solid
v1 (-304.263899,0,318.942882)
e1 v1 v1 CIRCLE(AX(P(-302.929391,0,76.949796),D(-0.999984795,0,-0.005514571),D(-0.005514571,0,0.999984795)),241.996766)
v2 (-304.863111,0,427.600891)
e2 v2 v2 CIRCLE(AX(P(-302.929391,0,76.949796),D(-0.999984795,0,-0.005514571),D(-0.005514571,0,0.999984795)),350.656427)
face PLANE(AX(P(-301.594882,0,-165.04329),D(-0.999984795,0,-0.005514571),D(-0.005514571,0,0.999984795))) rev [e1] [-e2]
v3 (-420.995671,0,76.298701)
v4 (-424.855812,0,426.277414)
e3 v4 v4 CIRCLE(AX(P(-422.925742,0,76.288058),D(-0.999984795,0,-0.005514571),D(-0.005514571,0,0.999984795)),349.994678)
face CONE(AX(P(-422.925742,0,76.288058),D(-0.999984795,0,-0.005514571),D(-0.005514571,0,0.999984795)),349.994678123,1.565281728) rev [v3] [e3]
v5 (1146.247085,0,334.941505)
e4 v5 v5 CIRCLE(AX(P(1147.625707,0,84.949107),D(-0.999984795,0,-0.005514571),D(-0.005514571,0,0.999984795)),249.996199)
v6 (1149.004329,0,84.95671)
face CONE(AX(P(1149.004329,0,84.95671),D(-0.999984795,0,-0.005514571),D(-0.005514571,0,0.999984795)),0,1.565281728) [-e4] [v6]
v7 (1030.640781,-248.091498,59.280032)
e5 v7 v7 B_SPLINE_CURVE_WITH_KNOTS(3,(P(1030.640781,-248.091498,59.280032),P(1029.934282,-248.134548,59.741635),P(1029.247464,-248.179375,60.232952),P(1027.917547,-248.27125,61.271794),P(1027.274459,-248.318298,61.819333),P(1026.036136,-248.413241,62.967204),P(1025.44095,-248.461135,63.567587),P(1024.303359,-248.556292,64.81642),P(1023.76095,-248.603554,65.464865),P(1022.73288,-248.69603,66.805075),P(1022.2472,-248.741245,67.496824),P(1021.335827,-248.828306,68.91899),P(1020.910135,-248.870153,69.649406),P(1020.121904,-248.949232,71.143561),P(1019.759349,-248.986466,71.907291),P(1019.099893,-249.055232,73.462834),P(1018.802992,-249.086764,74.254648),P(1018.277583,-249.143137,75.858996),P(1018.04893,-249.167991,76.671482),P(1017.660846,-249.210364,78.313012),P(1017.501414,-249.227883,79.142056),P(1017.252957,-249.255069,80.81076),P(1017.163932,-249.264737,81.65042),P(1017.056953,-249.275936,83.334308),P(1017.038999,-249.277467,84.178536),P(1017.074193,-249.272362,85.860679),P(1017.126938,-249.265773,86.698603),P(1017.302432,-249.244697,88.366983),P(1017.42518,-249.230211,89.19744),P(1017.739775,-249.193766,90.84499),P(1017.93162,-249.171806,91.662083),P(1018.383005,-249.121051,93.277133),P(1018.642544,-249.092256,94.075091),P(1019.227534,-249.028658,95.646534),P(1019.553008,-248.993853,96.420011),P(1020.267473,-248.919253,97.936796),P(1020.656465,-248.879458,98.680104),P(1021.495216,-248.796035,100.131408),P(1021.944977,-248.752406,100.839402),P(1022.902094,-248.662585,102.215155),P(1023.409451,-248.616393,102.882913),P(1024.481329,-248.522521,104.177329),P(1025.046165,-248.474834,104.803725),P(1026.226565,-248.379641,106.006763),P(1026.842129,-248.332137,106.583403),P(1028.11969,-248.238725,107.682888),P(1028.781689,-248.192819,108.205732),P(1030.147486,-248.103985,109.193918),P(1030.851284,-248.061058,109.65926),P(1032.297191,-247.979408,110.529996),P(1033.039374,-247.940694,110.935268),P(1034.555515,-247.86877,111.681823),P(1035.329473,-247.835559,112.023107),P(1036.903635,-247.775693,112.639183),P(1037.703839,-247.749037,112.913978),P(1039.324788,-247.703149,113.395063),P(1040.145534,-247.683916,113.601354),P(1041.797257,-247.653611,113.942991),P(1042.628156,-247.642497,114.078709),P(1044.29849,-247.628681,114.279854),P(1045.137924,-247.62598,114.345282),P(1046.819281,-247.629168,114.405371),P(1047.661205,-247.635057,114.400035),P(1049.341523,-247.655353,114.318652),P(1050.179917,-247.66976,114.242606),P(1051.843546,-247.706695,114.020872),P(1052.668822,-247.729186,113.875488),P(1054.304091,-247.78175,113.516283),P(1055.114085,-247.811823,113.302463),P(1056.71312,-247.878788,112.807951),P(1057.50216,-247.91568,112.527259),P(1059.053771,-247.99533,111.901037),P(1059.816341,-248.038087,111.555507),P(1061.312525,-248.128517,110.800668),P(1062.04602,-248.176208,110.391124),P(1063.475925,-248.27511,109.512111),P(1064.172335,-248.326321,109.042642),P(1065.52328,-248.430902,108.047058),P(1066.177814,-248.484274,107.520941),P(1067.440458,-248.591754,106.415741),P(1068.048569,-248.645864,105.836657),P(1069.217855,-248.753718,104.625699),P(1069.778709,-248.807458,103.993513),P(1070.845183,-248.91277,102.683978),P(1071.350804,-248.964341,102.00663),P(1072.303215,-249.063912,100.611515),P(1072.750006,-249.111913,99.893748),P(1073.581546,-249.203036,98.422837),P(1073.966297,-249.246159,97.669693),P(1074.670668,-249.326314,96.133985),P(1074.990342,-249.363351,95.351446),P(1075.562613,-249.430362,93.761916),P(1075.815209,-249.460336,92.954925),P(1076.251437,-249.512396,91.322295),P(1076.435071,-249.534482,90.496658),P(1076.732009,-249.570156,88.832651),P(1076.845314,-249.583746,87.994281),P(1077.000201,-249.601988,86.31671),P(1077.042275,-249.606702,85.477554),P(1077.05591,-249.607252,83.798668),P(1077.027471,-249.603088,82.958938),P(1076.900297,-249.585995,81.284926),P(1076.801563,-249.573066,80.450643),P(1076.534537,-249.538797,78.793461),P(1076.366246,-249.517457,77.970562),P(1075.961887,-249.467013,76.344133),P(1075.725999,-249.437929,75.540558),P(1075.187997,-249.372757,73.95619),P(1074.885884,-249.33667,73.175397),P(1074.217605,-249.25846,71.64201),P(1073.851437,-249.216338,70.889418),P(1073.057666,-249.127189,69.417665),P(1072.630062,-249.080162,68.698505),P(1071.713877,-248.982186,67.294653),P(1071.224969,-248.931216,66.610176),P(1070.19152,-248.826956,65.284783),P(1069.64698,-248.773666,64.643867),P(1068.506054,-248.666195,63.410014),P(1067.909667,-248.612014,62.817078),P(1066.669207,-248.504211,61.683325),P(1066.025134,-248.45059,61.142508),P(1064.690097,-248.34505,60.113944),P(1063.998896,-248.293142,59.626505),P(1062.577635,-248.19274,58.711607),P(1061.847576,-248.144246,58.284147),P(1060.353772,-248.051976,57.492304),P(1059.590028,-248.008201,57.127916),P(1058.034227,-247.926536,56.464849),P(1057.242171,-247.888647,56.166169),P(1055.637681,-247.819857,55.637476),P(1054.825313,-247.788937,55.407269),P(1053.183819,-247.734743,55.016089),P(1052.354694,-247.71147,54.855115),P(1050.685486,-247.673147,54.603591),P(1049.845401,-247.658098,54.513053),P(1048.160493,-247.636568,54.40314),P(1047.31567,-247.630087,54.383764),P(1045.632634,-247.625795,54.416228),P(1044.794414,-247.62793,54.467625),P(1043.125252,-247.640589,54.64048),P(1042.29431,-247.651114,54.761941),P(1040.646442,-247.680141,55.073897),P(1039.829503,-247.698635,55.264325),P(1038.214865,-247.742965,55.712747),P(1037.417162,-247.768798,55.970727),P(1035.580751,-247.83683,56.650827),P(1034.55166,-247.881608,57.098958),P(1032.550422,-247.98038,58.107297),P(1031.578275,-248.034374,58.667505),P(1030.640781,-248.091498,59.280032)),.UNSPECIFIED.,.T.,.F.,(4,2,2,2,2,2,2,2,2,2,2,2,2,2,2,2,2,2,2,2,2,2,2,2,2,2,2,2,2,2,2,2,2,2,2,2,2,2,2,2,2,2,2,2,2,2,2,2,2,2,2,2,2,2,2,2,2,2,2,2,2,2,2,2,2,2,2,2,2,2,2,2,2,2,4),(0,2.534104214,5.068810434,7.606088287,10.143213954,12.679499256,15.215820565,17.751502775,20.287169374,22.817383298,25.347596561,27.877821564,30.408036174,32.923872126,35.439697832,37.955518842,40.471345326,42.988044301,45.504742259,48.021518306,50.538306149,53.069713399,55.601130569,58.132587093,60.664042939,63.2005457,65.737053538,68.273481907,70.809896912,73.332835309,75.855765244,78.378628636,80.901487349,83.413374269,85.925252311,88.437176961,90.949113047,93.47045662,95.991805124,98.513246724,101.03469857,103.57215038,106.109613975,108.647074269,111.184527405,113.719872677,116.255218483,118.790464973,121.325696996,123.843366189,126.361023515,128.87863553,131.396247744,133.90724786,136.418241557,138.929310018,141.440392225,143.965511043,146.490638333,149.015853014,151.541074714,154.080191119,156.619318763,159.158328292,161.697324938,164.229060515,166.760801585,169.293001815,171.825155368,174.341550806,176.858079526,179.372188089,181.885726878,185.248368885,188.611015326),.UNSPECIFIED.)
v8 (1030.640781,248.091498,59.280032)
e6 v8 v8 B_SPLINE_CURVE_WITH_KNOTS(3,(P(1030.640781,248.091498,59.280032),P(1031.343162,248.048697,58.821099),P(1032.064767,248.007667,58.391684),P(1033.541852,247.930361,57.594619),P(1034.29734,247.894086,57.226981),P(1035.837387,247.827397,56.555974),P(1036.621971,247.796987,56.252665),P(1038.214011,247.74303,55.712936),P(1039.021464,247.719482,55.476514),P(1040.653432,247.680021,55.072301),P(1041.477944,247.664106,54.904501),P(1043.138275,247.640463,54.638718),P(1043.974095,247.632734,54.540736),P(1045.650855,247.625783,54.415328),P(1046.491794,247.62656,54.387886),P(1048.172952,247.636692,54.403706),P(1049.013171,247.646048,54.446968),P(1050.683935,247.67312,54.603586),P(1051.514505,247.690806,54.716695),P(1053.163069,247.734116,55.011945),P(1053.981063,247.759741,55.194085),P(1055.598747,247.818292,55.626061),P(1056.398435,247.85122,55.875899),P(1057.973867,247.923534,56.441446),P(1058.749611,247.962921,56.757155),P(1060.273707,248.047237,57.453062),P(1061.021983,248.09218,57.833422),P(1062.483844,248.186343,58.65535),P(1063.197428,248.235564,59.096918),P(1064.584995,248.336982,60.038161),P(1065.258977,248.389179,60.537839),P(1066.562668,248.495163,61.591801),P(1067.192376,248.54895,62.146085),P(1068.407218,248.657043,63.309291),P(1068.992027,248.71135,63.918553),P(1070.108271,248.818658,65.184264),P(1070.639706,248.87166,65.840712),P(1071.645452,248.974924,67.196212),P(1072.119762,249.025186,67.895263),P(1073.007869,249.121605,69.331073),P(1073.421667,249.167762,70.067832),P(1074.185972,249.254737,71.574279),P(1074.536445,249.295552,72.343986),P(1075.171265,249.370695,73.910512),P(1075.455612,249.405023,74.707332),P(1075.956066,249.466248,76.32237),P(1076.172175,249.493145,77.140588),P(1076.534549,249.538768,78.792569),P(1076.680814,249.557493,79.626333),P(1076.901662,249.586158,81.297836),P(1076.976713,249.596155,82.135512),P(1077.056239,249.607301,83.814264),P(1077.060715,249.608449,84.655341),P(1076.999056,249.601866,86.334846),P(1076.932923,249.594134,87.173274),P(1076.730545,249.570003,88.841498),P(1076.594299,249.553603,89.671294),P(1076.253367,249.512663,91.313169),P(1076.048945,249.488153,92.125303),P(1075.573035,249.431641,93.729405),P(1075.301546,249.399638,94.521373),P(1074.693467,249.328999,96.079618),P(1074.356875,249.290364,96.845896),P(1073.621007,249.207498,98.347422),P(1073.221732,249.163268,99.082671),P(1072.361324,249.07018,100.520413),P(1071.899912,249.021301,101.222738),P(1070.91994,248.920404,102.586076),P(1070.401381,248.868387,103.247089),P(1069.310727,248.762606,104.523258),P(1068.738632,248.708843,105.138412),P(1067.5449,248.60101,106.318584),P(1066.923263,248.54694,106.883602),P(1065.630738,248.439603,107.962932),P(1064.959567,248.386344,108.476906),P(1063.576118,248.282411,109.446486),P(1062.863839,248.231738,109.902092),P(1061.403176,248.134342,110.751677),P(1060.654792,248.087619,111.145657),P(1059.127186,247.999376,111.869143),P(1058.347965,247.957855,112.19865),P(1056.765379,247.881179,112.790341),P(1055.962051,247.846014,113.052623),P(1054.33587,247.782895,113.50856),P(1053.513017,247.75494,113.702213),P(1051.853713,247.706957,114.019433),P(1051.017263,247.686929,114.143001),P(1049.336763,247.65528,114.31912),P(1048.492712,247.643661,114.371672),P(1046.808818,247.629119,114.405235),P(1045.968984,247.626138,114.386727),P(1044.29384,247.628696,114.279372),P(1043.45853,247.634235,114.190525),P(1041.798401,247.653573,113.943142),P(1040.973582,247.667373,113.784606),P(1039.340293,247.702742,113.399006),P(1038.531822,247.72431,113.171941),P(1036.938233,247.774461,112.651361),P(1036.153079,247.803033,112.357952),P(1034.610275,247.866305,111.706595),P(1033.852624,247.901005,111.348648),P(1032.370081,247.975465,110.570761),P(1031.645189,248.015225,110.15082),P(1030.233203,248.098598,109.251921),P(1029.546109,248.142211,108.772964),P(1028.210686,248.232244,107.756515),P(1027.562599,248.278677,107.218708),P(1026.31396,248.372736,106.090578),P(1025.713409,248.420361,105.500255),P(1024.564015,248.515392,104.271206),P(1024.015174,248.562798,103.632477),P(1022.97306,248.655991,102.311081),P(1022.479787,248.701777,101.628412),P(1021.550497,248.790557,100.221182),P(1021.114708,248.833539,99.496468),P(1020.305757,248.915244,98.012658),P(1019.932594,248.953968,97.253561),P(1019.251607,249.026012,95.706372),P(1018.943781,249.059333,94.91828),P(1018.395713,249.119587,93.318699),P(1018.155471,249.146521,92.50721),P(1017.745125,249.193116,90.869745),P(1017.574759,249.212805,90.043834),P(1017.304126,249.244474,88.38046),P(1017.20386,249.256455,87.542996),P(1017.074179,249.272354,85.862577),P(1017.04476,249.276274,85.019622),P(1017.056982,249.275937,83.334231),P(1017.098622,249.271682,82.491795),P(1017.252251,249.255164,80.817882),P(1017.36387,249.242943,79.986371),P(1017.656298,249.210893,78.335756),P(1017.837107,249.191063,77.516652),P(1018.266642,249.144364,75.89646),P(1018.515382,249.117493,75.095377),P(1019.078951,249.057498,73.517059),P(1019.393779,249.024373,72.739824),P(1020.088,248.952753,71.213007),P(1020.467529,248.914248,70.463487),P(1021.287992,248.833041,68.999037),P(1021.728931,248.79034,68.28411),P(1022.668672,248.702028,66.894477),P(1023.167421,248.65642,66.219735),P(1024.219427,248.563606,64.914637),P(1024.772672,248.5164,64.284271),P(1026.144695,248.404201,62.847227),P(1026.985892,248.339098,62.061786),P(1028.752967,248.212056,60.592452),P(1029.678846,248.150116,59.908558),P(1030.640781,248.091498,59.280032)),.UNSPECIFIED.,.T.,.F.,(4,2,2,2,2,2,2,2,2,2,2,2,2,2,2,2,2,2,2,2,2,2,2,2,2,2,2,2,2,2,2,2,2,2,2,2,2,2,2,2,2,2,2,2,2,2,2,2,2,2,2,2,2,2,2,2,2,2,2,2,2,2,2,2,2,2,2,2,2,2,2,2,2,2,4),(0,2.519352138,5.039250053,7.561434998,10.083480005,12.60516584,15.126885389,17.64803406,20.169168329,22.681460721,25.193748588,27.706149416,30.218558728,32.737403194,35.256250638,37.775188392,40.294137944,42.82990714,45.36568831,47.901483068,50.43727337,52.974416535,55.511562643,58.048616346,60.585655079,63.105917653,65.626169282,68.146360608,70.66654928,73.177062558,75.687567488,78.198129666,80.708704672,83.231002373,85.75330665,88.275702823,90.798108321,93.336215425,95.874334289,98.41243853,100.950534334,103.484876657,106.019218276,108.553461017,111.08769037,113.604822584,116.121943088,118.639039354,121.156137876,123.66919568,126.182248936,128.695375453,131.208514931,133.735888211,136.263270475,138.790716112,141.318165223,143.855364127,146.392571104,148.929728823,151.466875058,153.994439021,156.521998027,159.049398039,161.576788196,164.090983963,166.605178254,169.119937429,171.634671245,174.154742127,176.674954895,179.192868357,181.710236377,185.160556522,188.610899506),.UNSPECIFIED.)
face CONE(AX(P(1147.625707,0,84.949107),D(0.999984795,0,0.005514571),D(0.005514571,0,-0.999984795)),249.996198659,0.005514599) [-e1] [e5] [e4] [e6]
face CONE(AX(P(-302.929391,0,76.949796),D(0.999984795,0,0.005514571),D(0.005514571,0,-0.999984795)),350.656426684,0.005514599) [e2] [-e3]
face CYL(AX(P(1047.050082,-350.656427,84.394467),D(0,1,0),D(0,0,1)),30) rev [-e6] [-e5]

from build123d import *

# Parameters (mm, degrees)
SKETCH3_R               = 30
CUT_EXTRUDE1_DEPTH      = 1276.152304466
CUT_EXTRUDE1_DEPTH_BACK = 1276.152304466


with BuildPart() as part:
    # Sketch1 → Revolve1 (revolve)
    with BuildSketch(Plane(origin=(0, 0, 0), x_dir=(1, 0, 0), z_dir=(0, 1, 0)), mode=Mode.PRIVATE) as revolve1_sk:
        Polygon((-420.995670996, -76.298701299), (1149.004329004, -84.956709957), (1149.004329004, 165.043290043), (-301.594882448, 165.043290043), (-300.995670996, 273.701298701), (-420.995670996, 273.701298701), align=None)
    revolve(revolve1_sk.sketch.rotate(Axis((-420.995670996, 0, 76.298701299), (0.9999847946358453, 0, 0.0055145713438433585)), 180), axis=Axis((-420.995670996, 0, 76.298701299), (0.9999847946358453, 0, 0.0055145713438433585)))

    # Sketch3 → Cut-Extrude1 (cut, two sides)
    with BuildSketch(Plane(origin=(0, 0, 0), x_dir=(1, 0, 0), z_dir=(0, 1, 0))) as cut_extrude1_sk:
        with Locations(Location((1047.050081881, -84.394467438, 0), (0, 0, 123.159847216))):
            Circle(SKETCH3_R)
    extrude(amount=CUT_EXTRUDE1_DEPTH, mode=Mode.SUBTRACT)
    extrude(cut_extrude1_sk.sketch, amount=-CUT_EXTRUDE1_DEPTH_BACK, mode=Mode.SUBTRACT)


solid = part.part
